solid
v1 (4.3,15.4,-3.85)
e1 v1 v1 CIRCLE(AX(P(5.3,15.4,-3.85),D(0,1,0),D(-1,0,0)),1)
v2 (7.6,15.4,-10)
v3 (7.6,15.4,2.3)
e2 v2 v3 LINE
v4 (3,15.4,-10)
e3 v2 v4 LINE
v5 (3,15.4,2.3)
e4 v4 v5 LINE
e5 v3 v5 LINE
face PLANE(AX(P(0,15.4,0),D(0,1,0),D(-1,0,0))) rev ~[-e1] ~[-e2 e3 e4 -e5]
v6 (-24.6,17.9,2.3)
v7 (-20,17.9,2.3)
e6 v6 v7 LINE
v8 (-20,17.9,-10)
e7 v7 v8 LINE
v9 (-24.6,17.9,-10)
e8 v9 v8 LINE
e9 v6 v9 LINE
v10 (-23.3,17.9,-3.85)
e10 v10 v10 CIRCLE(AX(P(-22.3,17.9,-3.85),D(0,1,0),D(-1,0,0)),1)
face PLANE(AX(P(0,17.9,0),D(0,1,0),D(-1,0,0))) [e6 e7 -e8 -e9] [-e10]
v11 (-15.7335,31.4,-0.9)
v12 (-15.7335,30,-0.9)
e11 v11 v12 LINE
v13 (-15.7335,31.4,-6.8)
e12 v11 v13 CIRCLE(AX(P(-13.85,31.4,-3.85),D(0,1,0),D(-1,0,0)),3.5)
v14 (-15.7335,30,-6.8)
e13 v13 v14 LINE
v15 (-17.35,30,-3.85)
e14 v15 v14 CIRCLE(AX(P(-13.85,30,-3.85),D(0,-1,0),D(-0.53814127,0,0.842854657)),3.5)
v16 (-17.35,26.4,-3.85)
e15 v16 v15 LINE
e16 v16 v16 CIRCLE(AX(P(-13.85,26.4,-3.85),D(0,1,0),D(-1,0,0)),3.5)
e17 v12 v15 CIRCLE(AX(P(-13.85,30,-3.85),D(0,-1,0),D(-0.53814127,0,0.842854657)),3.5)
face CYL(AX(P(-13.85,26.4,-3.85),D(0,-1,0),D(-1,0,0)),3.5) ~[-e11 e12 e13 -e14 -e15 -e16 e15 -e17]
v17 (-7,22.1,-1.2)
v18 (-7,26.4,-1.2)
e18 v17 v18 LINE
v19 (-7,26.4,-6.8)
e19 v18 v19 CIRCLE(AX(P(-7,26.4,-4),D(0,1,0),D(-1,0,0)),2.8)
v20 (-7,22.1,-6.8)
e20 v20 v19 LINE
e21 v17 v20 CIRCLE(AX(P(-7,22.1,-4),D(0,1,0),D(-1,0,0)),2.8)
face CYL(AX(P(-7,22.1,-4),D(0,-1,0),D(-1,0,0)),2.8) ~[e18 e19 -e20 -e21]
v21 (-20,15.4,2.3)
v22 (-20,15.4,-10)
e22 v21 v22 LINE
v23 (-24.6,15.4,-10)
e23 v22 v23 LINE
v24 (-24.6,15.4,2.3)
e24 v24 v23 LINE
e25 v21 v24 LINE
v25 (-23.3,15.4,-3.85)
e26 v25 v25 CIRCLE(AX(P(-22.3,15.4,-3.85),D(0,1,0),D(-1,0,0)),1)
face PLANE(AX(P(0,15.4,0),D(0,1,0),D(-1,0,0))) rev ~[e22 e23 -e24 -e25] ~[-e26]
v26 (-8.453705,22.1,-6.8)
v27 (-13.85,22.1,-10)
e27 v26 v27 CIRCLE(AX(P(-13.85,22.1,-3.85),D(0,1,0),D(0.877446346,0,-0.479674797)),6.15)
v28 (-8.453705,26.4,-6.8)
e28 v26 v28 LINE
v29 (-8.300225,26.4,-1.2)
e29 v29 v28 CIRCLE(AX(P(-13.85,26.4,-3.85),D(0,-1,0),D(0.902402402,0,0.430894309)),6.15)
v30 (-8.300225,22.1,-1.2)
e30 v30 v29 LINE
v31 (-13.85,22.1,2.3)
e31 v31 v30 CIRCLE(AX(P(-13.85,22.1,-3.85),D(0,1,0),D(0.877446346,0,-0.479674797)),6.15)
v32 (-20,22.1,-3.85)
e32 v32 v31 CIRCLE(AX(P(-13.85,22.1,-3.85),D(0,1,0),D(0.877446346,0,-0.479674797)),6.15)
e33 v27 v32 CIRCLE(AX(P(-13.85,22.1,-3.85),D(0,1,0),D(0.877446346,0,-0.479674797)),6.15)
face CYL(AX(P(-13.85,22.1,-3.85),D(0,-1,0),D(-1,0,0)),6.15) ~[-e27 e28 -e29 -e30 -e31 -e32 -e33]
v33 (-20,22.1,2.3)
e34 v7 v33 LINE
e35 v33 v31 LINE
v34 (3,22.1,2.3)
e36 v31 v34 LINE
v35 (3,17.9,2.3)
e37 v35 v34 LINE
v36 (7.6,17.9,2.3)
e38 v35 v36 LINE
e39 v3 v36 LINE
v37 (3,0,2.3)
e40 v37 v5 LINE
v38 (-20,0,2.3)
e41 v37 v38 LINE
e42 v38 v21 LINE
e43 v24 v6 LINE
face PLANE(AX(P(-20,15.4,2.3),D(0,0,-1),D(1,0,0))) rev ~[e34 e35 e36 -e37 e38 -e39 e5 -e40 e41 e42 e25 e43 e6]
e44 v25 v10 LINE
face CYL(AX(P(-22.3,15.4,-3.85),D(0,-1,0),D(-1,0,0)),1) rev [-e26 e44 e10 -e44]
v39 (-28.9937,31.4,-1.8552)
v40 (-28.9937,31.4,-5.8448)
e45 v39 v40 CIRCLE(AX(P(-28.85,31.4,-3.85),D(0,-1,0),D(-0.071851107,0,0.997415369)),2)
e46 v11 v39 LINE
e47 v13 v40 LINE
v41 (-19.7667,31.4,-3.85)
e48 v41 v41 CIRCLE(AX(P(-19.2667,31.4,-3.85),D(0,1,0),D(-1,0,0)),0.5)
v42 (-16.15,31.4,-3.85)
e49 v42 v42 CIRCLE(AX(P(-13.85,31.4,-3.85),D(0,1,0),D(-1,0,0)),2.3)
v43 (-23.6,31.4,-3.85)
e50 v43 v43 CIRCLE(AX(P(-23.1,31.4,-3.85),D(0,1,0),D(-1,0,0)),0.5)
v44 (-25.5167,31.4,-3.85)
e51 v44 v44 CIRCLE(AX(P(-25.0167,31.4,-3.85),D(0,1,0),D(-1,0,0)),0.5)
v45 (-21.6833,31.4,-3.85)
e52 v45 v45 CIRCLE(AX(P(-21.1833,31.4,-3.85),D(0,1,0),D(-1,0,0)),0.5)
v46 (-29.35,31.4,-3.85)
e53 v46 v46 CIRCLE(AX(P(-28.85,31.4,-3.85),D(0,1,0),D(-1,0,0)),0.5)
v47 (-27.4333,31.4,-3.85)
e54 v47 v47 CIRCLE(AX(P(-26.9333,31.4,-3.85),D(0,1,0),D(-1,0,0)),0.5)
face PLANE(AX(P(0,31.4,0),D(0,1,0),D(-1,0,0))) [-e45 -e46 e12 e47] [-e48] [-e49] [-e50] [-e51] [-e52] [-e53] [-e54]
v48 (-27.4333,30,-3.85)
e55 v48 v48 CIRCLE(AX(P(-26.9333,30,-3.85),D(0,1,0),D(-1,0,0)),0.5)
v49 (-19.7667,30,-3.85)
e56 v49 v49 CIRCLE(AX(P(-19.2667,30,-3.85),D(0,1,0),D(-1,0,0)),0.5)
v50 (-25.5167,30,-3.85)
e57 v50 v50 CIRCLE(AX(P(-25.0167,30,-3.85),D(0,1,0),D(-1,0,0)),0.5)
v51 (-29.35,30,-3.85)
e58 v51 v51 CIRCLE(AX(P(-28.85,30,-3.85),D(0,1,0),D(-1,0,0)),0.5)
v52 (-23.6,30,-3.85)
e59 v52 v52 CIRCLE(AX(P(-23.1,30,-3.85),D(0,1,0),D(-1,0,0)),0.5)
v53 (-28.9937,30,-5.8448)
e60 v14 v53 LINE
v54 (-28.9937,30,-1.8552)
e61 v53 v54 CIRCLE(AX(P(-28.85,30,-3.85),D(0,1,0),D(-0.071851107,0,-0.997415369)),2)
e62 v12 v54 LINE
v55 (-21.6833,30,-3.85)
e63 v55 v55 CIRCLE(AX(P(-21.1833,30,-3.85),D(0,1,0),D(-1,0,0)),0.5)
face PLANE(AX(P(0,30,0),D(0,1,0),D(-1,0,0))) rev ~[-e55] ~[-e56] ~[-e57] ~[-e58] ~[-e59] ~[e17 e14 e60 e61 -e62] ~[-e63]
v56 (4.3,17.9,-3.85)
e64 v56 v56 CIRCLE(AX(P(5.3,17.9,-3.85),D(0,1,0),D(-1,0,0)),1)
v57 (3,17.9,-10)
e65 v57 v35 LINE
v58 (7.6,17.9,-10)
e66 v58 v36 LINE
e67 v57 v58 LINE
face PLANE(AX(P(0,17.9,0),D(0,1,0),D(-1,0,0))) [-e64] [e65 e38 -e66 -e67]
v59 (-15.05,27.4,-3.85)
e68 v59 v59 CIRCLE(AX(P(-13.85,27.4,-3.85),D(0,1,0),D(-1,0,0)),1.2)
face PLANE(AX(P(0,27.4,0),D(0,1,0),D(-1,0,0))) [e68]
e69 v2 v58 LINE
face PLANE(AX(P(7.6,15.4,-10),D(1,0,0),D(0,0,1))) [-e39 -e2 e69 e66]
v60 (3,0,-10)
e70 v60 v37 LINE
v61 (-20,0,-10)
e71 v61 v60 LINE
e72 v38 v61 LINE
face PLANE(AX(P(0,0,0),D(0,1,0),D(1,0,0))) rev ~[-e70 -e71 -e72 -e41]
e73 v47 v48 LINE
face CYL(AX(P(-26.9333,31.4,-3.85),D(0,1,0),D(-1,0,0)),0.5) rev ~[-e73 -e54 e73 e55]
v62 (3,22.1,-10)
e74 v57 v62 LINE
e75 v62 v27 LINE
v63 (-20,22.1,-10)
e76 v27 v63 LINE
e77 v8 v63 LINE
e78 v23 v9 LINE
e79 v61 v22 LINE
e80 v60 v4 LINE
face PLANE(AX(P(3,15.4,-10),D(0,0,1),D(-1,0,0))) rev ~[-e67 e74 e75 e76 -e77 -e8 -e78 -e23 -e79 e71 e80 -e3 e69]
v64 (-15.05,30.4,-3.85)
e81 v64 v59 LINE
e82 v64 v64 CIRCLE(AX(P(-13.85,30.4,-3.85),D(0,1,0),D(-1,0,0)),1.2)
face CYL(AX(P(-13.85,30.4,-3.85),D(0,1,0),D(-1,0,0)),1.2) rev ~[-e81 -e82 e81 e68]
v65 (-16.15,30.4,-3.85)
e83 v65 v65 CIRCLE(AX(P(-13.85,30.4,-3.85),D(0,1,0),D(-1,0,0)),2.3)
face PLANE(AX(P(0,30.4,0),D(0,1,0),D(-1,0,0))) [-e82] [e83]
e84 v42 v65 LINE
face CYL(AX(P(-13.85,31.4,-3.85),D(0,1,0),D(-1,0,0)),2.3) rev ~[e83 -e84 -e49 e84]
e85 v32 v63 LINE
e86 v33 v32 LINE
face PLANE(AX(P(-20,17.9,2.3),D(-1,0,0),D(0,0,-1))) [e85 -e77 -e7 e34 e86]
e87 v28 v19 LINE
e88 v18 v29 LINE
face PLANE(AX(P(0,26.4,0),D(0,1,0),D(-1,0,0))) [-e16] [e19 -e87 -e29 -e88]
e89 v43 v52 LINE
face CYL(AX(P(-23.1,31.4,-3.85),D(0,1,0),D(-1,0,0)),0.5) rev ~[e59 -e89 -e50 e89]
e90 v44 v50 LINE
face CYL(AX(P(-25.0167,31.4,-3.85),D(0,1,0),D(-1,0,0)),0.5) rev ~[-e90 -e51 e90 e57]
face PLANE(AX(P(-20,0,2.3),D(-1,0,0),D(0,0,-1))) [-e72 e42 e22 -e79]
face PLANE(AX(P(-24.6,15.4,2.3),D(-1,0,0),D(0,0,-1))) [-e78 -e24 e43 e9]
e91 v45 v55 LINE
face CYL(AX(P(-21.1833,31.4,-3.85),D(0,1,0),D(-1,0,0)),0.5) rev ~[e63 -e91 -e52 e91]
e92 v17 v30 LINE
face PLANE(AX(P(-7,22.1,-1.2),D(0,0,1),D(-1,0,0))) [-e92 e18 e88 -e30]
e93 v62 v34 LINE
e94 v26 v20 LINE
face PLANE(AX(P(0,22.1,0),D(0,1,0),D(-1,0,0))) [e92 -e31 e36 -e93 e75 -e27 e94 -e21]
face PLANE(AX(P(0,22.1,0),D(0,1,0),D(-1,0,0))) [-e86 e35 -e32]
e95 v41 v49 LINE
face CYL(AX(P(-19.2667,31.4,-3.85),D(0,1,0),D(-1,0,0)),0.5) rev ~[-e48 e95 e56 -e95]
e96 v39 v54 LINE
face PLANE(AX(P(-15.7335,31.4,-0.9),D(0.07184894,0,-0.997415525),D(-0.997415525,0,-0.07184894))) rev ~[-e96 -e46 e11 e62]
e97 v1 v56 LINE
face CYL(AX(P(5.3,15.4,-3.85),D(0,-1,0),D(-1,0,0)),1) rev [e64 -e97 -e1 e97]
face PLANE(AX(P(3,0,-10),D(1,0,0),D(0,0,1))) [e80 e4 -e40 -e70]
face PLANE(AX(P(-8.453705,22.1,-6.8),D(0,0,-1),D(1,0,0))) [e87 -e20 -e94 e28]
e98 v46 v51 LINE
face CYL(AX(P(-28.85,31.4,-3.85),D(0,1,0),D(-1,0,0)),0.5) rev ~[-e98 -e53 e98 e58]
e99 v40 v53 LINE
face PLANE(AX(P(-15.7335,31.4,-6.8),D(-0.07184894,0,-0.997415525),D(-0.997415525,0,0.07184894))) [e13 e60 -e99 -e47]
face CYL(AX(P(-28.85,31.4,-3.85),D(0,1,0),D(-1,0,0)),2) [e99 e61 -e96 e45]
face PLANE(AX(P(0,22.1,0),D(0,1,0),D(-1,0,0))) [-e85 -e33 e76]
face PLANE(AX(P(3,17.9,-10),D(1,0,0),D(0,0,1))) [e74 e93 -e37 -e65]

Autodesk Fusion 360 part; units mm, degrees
sketch "Sketch1" plane through (0, 0, 0) normal (0, 1, 0) x (1, 0, 0)
  line L0 (-20, 10) -> (3, 10)
  line L1 (3, 10) -> (3, -2.3)
  line L2 (3, -2.3) -> (-20, -2.3)
  line L3 (-20, -2.3) -> (-20, 10)
  dimension "d1" = 23
  dimension "d2" = 12.3
extrude "Extrude1" add sketch "Sketch1" along normal blind 15.4 makes body 1
sketch "Sketch2" plane through (0, 15.4, 0) normal (0, 1, 0) x (-1, 0, 0)
  line L0 (20, 2.3) -> (-3, 2.3)
  line L1 (-3, 2.3) -> (-3, -10)
  line L2 (-3, -10) -> (20, -10)
  line L3 (20, -10) -> (20, 2.3)
  line L4 (24.6, -10) -> (-7.6, -10)
  line L5 (-7.6, -10) -> (-7.6, 2.3)
  line L6 (-7.6, 2.3) -> (24.6, 2.3)
  line L7 (24.6, 2.3) -> (24.6, -10)
  line L8 (24.6, -10) -> (-7.6, 2.3) construction
  line L9 (-7.6, -10) -> (24.6, 2.3) construction
  line L10 (20, -3.85) -> (24.6, -3.85) construction
  line L11 (-3, -3.85) -> (-7.6, -3.85) construction
  circle A0 centre (-5.3, -3.85) radius 1
  circle A1 centre (22.3, -3.85) radius 1
  point P0 (8.5, -3.85)
  dimension "d5" = 32.2
  dimension "d6" = 2
  dimension "d7" = 2
extrude "Extrude2" add sketch "Sketch2" along normal blind 2.5 bodies 1
sketch "Sketch3" plane through (0, 17.9, 0) normal (0, 1, 0) x (-1, 0, 0)
  circle A0 centre (-5.3, -3.85) radius 1
  circle A1 centre (22.3, -3.85) radius 1
  line L0 (24.6, 2.3) -> (-7.6, 2.3)
  line L1 (-7.6, 2.3) -> (-7.6, -10)
  line L2 (-7.6, -10) -> (24.6, -10)
  line L3 (24.6, -10) -> (24.6, 2.3)
  line L4 (-3, 2.3) -> (20, 2.3)
  line L5 (20, 2.3) -> (20, -10)
  line L6 (20, -10) -> (-3, -10)
  line L7 (-3, -10) -> (-3, 2.3)
extrude "Extrude3" add sketch "Sketch3" along normal blind 4.2 contours L0 L2 L4 L5 L6 L7 bodies 1
sketch "Sketch4" plane through (0, 22.1, 0) normal (0, 1, 0) x (-1, 0, 0)
  line L0 (-3, -10) -> (20, -10)
  line L1 (20, -10) -> (20, 2.3)
  line L2 (20, 2.3) -> (-3, 2.3)
  line L3 (-3, 2.3) -> (-3, -10)
  circle A0 centre (13.85, -3.85) radius 6.15
  circle A1 centre (7, -4) radius 2.8
  line L4 (12.5, -6.8) -> (1.5, -6.8)
  line L5 (1.5, -6.8) -> (1.5, -1.2)
  line L6 (1.5, -1.2) -> (12.5, -1.2)
  line L7 (12.5, -1.2) -> (12.5, -6.8)
  line L8 (12.5, -6.8) -> (1.5, -1.2) construction
  line L9 (1.5, -6.8) -> (12.5, -1.2) construction
  point P0 (7, -4)
  dimension "d12" = 5.6
  dimension "d13" = 5.6
extrude "Extrude4" add sketch "Sketch4" along normal blind 4.3 contours A0 L4 L6 L7 | A0 A1 L4 | A0 A1 L4 L6 L7 | A0 A1 | A0 A1 | A0 A1 L6 bodies 1
sketch "Sketch5" plane through (0, 26.4, 0) normal (0, 1, 0) x (-1, 0, 0)
  arc A0 (7, -1.2) -> (7, -6.8) centre (7, -4) ccw
  line L0 (7, -6.8) -> (8.4537, -6.8)
  arc A1 (8.4537, -6.8) -> (8.3002, -1.2) centre (13.85, -3.85) ccw
  line L1 (8.3002, -1.2) -> (7, -1.2)
  circle A2 centre (13.85, -3.85) radius 3.5
  dimension "d16" = 7
extrude "Extrude5" add sketch "Sketch5" along normal blind 5 contours A2 bodies 1
sketch "Sketch6" plane through (0, 31.4, 0) normal (0, 1, 0) x (-1, 0, 0)
  circle A0 centre (13.85, -3.85) radius 3.5
  line L0 (13.85, -3.85) -> (28.85, -3.85)
  circle A1 centre (28.85, -3.85) radius 2
  line L1 (15.7335, -6.8) -> (15.7335, -0.9)
  line L2 (15.7335, -6.8) -> (28.9937, -5.8448)
  line L3 (15.7335, -0.9) -> (28.9937, -1.8552)
  dimension "d19" = 15
  dimension "d20" = 4
  dimension "d21" = 5.9
extrude "Extrude6" add sketch "Sketch6" against normal blind 1.4 contours A0 L0 A1 L2 | A0 L0 A1 L3 | A1 bodies 1
sketch "Sketch7" plane through (0, 31.4, 0) normal (0, 1, 0) x (-1, 0, 0)
  arc A0 (15.7335, -0.9) -> (15.7335, -6.8) centre (13.85, -3.85) ccw
  line L0 (15.7335, -6.8) -> (28.9937, -5.8448)
  arc A1 (28.9937, -5.8448) -> (28.9937, -1.8552) centre (28.85, -3.85) ccw
  line L1 (28.9937, -1.8552) -> (15.7335, -0.9)
  circle A2 centre (13.85, -3.85) radius 3.5 construction
  circle A3 centre (28.85, -3.85) radius 0.5
  line L2 (17.35, -3.85) -> (28.85, -3.85) construction
  circle A4 centre (26.9333, -3.85) radius 0.5
  circle A5 centre (25.0167, -3.85) radius 0.5
  circle A6 centre (23.1, -3.85) radius 0.5
  circle A7 centre (21.1833, -3.85) radius 0.5
  circle A8 centre (19.2667, -3.85) radius 0.5
  circle A9 centre (17.35, -3.85) radius 0.5
  dimension "d24" = 1
  dimension "d27" = -11.5
  dimension "d28" = 0
extrude "Extrude7" cut sketch "Sketch7" against normal up to surface (1.4 mm away) contours A3 | A4 | A5 | A6 | A7 | A8 bodies 1
sketch "Sketch8" plane through (0, 31.4, 0) normal (0, 1, 0) x (-1, 0, 0)
  circle A0 centre (25.0167, -3.85) radius 0.5
  circle A1 centre (19.2667, -3.85) radius 0.5
  circle A2 centre (26.9333, -3.85) radius 0.5
  circle A3 centre (23.1, -3.85) radius 0.5
  circle A4 centre (21.1833, -3.85) radius 0.5
  circle A5 centre (28.85, -3.85) radius 0.5
  arc A6 (15.7335, -0.9) -> (15.7335, -6.8) centre (13.85, -3.85) ccw
  line L0 (15.7335, -6.8) -> (28.9937, -5.8448)
  arc A7 (28.9937, -5.8448) -> (28.9937, -1.8552) centre (28.85, -3.85) ccw
  line L1 (28.9937, -1.8552) -> (15.7335, -0.9)
  circle A8 centre (13.85, -3.85) radius 2.3
  dimension "d31" = 4.6
extrude "Extrude8" cut sketch "Sketch8" against normal blind 1 contours A8 bodies 1
sketch "Sketch9" plane through (0, 30.4, 0) normal (0, 1, 0) x (-1, 0, 0)
  circle A0 centre (13.85, -3.85) radius 2.3
  circle A1 centre (13.85, -3.85) radius 1.2
  dimension "d34" = 2.4
extrude "Extrude9" cut sketch "Sketch9" against normal blind 3 contours A1 bodies 1
copy_body "Body->Comp1" bodies 1 removing the originals makes body 2 in component "Servo"
component "Servo" placed x (1, 0, 0) y (0, 1, 0) z (0, 0, 1) at (0, 0, 0)
